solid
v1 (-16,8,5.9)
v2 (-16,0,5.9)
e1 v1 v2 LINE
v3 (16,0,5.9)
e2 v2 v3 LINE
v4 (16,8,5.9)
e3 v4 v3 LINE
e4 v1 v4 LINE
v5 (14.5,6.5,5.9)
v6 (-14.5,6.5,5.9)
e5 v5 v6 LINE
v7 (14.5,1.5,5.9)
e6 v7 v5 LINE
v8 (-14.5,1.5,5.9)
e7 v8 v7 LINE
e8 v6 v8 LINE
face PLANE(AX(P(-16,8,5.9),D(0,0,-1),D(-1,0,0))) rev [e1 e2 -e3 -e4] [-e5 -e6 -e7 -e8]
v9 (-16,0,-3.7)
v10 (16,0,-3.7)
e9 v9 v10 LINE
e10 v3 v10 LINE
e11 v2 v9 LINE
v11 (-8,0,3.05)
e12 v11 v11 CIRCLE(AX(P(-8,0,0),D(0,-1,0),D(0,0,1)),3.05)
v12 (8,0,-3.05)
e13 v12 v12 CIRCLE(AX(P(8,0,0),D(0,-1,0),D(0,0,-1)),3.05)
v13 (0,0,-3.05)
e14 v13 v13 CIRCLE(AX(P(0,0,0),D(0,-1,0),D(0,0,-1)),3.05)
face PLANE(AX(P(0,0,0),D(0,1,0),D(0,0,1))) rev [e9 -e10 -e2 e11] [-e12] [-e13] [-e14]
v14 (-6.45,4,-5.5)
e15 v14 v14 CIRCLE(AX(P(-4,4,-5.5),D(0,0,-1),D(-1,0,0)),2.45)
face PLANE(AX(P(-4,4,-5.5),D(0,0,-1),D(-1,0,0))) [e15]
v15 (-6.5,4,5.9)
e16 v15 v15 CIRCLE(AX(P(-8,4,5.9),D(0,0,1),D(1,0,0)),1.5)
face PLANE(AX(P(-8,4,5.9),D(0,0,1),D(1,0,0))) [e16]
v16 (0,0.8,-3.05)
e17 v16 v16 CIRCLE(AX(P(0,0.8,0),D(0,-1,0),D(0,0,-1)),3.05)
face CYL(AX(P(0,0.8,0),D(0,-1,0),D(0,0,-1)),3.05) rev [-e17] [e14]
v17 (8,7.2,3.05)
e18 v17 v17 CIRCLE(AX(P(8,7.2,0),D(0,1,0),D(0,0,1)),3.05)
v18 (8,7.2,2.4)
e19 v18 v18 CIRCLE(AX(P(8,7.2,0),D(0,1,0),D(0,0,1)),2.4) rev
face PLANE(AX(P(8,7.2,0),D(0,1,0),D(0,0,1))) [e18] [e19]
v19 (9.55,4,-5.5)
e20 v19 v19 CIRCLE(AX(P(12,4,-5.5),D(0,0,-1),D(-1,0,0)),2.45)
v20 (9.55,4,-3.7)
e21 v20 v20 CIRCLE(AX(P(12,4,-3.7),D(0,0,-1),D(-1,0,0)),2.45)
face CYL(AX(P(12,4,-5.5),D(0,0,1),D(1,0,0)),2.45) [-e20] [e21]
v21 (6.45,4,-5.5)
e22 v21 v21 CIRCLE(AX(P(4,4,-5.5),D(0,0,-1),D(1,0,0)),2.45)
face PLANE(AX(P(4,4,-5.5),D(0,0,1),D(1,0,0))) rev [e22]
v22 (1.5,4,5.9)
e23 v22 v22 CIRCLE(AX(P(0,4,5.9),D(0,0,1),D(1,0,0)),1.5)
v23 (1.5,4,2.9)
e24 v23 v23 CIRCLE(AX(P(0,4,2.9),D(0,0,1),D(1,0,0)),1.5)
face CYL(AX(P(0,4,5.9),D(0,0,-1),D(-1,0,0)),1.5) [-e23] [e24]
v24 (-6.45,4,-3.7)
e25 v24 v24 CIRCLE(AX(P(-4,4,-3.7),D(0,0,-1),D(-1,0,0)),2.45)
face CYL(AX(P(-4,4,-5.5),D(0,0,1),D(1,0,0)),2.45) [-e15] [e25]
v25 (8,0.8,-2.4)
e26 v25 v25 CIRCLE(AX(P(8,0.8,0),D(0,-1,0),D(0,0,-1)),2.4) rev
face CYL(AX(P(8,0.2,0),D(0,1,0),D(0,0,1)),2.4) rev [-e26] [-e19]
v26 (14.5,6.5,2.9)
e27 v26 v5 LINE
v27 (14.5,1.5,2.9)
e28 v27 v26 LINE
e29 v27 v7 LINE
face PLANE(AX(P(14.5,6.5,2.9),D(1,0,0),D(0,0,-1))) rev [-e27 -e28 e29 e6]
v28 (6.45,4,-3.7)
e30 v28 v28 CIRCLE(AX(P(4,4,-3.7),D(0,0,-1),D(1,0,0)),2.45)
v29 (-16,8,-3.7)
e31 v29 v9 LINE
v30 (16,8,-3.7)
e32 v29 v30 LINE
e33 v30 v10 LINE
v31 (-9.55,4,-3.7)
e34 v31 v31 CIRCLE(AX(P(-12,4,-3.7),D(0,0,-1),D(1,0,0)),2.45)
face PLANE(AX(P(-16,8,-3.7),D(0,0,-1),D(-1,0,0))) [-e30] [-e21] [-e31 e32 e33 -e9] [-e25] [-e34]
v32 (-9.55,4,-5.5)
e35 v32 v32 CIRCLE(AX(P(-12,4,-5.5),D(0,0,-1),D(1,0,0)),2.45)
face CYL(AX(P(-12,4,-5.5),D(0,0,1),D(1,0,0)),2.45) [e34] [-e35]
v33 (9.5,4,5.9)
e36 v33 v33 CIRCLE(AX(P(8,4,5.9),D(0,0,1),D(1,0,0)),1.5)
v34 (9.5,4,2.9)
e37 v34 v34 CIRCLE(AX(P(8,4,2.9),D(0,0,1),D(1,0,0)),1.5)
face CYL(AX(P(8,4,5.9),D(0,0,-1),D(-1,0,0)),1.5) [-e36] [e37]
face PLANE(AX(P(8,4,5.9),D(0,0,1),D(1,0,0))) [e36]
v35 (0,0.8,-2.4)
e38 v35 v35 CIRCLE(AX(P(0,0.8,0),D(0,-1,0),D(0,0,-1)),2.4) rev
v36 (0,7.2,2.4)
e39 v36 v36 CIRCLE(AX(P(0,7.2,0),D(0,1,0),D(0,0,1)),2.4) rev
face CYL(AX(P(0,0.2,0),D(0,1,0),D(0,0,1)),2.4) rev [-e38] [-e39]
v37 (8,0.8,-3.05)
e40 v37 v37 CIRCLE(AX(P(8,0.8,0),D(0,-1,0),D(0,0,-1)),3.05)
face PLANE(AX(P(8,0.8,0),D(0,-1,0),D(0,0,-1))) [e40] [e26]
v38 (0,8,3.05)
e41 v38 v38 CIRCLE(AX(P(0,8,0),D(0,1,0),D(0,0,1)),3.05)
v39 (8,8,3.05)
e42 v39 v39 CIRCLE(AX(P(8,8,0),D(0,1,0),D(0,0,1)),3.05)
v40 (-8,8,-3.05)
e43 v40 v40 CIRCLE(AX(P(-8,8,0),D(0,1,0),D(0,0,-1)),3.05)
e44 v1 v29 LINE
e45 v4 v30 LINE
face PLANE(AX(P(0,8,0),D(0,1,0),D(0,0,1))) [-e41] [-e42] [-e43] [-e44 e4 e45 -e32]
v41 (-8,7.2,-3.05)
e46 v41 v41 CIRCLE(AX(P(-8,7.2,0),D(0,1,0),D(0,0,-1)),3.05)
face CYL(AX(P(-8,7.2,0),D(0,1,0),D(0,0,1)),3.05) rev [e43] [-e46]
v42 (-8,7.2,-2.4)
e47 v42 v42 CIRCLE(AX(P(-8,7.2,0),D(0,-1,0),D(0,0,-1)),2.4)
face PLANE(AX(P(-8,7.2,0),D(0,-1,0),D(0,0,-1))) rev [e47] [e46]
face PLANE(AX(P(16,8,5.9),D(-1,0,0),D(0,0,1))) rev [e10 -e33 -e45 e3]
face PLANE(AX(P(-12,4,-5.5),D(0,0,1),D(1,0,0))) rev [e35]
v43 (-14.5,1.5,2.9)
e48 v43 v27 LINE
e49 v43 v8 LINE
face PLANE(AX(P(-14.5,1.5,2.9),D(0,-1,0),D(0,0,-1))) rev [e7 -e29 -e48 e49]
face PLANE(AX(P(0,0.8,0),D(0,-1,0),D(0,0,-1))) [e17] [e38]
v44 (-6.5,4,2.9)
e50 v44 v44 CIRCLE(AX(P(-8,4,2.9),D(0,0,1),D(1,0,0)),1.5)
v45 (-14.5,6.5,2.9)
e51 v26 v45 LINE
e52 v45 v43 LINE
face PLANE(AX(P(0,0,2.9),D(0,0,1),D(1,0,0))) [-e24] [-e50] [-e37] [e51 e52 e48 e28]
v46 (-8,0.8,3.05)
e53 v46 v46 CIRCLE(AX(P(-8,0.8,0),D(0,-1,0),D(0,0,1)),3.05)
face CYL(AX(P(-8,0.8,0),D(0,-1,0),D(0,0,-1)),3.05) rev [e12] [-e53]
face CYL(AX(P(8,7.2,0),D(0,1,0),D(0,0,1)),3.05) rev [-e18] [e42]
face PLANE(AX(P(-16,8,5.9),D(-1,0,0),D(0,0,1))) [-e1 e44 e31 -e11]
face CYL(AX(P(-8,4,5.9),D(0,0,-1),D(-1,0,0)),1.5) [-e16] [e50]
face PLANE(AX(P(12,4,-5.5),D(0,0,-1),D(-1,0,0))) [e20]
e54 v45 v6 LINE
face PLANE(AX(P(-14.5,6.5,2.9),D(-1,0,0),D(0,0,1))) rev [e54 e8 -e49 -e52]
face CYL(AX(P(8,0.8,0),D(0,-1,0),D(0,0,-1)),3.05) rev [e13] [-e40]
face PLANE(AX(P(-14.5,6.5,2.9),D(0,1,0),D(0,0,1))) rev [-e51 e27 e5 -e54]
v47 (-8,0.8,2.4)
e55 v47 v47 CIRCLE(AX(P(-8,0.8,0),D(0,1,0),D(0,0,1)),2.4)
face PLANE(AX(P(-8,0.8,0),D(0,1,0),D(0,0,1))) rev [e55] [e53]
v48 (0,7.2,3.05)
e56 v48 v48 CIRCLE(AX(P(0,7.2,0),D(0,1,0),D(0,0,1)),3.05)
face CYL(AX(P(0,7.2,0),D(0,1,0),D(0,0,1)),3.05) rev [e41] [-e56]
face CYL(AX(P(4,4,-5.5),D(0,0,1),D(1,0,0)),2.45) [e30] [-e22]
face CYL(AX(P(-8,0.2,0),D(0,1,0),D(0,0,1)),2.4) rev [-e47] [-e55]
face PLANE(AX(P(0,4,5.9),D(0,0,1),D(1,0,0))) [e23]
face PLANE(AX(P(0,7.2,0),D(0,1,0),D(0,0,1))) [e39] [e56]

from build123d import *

# Parameters (mm, degrees)
SKETCH1_W           = 32
SKETCH1_H           = 9.6
BOSS_EXTRUDE3_DEPTH = 8
SKETCH2_R           = 2.4
CUT_EXTRUDE6_DEPTH  = 7.8
SKETCH3_R           = 3.05
CUT_EXTRUDE7_DEPTH  = 0.8
SKETCH4_R           = 3.05
CUT_EXTRUDE8_DEPTH  = 0.8
SKETCH5_R           = 2.45
BOSS_EXTRUDE4_DEPTH = 1.8
SKETCH6_W           = 29
SKETCH6_H           = 5
CUT_EXTRUDE9_DEPTH  = 3
SKETCH7_R           = 1.5
BOSS_EXTRUDE5_DEPTH = 3


with BuildPart() as part:
    # Sketch1 → Boss-Extrude3 (new body)
    with BuildSketch(Plane(origin=(0, 0, 0), x_dir=(1, 0, 0), z_dir=(0, 1, 0))):
        with Locations((0, -1.1)):
            Rectangle(SKETCH1_W, SKETCH1_H)
    extrude(amount=BOSS_EXTRUDE3_DEPTH)

    # Sketch2 → Cut-Extrude6 (cut)
    with BuildSketch(Plane(origin=(0, 8, 0), x_dir=(1, 0, 0), z_dir=(0, 1, 0))):
        Circle(SKETCH2_R)
        with Locations((8, 0)):
            Circle(SKETCH2_R)
        with Locations((-8, 0)):
            Circle(SKETCH2_R)
    extrude(amount=-CUT_EXTRUDE6_DEPTH, mode=Mode.SUBTRACT)

    # Sketch3 → Cut-Extrude7 (cut)
    with BuildSketch(Plane(origin=(0, 8, 0), x_dir=(1, 0, 0), z_dir=(0, 1, 0))):
        Circle(SKETCH3_R)
        with Locations((8, 0)):
            Circle(SKETCH3_R)
        with Locations((-8, 0)):
            Circle(SKETCH3_R)
    extrude(amount=-CUT_EXTRUDE7_DEPTH, mode=Mode.SUBTRACT)

    # Sketch4 → Cut-Extrude8 (cut)
    with BuildSketch(Plane.XZ):
        Circle(SKETCH4_R)
        with Locations((8, 0)):
            Circle(SKETCH4_R)
        with Locations((-8, 0)):
            Circle(SKETCH4_R)
    extrude(amount=-CUT_EXTRUDE8_DEPTH, mode=Mode.SUBTRACT)

    # Sketch5 → Boss-Extrude4 (add)
    with BuildSketch(Plane(origin=(0, 0, -3.7), x_dir=(-1, 0, 0), z_dir=(0, 0, -1))):
        with Locations((-12, 4)):
            Circle(SKETCH5_R)
        with Locations((-4, 4)):
            Circle(SKETCH5_R)
        with Locations((4, 4)):
            Circle(SKETCH5_R)
        with Locations((12, 4)):
            Circle(SKETCH5_R)
    extrude(amount=BOSS_EXTRUDE4_DEPTH)

    # Sketch6 → Cut-Extrude9 (cut)
    with BuildSketch(Plane.XY.offset(5.9)):
        with Locations((0, 4)):
            Rectangle(SKETCH6_W, SKETCH6_H)
    extrude(amount=-CUT_EXTRUDE9_DEPTH, mode=Mode.SUBTRACT)

    # Sketch7 → Boss-Extrude5 (add)
    with BuildSketch(Plane.XY.offset(2.9)):
        with Locations((-8, 4)):
            Circle(SKETCH7_R)
        with Locations((0, 4)):
            Circle(SKETCH7_R)
        with Locations((8, 4)):
            Circle(SKETCH7_R)
    extrude(amount=BOSS_EXTRUDE5_DEPTH)


solid = part.part
